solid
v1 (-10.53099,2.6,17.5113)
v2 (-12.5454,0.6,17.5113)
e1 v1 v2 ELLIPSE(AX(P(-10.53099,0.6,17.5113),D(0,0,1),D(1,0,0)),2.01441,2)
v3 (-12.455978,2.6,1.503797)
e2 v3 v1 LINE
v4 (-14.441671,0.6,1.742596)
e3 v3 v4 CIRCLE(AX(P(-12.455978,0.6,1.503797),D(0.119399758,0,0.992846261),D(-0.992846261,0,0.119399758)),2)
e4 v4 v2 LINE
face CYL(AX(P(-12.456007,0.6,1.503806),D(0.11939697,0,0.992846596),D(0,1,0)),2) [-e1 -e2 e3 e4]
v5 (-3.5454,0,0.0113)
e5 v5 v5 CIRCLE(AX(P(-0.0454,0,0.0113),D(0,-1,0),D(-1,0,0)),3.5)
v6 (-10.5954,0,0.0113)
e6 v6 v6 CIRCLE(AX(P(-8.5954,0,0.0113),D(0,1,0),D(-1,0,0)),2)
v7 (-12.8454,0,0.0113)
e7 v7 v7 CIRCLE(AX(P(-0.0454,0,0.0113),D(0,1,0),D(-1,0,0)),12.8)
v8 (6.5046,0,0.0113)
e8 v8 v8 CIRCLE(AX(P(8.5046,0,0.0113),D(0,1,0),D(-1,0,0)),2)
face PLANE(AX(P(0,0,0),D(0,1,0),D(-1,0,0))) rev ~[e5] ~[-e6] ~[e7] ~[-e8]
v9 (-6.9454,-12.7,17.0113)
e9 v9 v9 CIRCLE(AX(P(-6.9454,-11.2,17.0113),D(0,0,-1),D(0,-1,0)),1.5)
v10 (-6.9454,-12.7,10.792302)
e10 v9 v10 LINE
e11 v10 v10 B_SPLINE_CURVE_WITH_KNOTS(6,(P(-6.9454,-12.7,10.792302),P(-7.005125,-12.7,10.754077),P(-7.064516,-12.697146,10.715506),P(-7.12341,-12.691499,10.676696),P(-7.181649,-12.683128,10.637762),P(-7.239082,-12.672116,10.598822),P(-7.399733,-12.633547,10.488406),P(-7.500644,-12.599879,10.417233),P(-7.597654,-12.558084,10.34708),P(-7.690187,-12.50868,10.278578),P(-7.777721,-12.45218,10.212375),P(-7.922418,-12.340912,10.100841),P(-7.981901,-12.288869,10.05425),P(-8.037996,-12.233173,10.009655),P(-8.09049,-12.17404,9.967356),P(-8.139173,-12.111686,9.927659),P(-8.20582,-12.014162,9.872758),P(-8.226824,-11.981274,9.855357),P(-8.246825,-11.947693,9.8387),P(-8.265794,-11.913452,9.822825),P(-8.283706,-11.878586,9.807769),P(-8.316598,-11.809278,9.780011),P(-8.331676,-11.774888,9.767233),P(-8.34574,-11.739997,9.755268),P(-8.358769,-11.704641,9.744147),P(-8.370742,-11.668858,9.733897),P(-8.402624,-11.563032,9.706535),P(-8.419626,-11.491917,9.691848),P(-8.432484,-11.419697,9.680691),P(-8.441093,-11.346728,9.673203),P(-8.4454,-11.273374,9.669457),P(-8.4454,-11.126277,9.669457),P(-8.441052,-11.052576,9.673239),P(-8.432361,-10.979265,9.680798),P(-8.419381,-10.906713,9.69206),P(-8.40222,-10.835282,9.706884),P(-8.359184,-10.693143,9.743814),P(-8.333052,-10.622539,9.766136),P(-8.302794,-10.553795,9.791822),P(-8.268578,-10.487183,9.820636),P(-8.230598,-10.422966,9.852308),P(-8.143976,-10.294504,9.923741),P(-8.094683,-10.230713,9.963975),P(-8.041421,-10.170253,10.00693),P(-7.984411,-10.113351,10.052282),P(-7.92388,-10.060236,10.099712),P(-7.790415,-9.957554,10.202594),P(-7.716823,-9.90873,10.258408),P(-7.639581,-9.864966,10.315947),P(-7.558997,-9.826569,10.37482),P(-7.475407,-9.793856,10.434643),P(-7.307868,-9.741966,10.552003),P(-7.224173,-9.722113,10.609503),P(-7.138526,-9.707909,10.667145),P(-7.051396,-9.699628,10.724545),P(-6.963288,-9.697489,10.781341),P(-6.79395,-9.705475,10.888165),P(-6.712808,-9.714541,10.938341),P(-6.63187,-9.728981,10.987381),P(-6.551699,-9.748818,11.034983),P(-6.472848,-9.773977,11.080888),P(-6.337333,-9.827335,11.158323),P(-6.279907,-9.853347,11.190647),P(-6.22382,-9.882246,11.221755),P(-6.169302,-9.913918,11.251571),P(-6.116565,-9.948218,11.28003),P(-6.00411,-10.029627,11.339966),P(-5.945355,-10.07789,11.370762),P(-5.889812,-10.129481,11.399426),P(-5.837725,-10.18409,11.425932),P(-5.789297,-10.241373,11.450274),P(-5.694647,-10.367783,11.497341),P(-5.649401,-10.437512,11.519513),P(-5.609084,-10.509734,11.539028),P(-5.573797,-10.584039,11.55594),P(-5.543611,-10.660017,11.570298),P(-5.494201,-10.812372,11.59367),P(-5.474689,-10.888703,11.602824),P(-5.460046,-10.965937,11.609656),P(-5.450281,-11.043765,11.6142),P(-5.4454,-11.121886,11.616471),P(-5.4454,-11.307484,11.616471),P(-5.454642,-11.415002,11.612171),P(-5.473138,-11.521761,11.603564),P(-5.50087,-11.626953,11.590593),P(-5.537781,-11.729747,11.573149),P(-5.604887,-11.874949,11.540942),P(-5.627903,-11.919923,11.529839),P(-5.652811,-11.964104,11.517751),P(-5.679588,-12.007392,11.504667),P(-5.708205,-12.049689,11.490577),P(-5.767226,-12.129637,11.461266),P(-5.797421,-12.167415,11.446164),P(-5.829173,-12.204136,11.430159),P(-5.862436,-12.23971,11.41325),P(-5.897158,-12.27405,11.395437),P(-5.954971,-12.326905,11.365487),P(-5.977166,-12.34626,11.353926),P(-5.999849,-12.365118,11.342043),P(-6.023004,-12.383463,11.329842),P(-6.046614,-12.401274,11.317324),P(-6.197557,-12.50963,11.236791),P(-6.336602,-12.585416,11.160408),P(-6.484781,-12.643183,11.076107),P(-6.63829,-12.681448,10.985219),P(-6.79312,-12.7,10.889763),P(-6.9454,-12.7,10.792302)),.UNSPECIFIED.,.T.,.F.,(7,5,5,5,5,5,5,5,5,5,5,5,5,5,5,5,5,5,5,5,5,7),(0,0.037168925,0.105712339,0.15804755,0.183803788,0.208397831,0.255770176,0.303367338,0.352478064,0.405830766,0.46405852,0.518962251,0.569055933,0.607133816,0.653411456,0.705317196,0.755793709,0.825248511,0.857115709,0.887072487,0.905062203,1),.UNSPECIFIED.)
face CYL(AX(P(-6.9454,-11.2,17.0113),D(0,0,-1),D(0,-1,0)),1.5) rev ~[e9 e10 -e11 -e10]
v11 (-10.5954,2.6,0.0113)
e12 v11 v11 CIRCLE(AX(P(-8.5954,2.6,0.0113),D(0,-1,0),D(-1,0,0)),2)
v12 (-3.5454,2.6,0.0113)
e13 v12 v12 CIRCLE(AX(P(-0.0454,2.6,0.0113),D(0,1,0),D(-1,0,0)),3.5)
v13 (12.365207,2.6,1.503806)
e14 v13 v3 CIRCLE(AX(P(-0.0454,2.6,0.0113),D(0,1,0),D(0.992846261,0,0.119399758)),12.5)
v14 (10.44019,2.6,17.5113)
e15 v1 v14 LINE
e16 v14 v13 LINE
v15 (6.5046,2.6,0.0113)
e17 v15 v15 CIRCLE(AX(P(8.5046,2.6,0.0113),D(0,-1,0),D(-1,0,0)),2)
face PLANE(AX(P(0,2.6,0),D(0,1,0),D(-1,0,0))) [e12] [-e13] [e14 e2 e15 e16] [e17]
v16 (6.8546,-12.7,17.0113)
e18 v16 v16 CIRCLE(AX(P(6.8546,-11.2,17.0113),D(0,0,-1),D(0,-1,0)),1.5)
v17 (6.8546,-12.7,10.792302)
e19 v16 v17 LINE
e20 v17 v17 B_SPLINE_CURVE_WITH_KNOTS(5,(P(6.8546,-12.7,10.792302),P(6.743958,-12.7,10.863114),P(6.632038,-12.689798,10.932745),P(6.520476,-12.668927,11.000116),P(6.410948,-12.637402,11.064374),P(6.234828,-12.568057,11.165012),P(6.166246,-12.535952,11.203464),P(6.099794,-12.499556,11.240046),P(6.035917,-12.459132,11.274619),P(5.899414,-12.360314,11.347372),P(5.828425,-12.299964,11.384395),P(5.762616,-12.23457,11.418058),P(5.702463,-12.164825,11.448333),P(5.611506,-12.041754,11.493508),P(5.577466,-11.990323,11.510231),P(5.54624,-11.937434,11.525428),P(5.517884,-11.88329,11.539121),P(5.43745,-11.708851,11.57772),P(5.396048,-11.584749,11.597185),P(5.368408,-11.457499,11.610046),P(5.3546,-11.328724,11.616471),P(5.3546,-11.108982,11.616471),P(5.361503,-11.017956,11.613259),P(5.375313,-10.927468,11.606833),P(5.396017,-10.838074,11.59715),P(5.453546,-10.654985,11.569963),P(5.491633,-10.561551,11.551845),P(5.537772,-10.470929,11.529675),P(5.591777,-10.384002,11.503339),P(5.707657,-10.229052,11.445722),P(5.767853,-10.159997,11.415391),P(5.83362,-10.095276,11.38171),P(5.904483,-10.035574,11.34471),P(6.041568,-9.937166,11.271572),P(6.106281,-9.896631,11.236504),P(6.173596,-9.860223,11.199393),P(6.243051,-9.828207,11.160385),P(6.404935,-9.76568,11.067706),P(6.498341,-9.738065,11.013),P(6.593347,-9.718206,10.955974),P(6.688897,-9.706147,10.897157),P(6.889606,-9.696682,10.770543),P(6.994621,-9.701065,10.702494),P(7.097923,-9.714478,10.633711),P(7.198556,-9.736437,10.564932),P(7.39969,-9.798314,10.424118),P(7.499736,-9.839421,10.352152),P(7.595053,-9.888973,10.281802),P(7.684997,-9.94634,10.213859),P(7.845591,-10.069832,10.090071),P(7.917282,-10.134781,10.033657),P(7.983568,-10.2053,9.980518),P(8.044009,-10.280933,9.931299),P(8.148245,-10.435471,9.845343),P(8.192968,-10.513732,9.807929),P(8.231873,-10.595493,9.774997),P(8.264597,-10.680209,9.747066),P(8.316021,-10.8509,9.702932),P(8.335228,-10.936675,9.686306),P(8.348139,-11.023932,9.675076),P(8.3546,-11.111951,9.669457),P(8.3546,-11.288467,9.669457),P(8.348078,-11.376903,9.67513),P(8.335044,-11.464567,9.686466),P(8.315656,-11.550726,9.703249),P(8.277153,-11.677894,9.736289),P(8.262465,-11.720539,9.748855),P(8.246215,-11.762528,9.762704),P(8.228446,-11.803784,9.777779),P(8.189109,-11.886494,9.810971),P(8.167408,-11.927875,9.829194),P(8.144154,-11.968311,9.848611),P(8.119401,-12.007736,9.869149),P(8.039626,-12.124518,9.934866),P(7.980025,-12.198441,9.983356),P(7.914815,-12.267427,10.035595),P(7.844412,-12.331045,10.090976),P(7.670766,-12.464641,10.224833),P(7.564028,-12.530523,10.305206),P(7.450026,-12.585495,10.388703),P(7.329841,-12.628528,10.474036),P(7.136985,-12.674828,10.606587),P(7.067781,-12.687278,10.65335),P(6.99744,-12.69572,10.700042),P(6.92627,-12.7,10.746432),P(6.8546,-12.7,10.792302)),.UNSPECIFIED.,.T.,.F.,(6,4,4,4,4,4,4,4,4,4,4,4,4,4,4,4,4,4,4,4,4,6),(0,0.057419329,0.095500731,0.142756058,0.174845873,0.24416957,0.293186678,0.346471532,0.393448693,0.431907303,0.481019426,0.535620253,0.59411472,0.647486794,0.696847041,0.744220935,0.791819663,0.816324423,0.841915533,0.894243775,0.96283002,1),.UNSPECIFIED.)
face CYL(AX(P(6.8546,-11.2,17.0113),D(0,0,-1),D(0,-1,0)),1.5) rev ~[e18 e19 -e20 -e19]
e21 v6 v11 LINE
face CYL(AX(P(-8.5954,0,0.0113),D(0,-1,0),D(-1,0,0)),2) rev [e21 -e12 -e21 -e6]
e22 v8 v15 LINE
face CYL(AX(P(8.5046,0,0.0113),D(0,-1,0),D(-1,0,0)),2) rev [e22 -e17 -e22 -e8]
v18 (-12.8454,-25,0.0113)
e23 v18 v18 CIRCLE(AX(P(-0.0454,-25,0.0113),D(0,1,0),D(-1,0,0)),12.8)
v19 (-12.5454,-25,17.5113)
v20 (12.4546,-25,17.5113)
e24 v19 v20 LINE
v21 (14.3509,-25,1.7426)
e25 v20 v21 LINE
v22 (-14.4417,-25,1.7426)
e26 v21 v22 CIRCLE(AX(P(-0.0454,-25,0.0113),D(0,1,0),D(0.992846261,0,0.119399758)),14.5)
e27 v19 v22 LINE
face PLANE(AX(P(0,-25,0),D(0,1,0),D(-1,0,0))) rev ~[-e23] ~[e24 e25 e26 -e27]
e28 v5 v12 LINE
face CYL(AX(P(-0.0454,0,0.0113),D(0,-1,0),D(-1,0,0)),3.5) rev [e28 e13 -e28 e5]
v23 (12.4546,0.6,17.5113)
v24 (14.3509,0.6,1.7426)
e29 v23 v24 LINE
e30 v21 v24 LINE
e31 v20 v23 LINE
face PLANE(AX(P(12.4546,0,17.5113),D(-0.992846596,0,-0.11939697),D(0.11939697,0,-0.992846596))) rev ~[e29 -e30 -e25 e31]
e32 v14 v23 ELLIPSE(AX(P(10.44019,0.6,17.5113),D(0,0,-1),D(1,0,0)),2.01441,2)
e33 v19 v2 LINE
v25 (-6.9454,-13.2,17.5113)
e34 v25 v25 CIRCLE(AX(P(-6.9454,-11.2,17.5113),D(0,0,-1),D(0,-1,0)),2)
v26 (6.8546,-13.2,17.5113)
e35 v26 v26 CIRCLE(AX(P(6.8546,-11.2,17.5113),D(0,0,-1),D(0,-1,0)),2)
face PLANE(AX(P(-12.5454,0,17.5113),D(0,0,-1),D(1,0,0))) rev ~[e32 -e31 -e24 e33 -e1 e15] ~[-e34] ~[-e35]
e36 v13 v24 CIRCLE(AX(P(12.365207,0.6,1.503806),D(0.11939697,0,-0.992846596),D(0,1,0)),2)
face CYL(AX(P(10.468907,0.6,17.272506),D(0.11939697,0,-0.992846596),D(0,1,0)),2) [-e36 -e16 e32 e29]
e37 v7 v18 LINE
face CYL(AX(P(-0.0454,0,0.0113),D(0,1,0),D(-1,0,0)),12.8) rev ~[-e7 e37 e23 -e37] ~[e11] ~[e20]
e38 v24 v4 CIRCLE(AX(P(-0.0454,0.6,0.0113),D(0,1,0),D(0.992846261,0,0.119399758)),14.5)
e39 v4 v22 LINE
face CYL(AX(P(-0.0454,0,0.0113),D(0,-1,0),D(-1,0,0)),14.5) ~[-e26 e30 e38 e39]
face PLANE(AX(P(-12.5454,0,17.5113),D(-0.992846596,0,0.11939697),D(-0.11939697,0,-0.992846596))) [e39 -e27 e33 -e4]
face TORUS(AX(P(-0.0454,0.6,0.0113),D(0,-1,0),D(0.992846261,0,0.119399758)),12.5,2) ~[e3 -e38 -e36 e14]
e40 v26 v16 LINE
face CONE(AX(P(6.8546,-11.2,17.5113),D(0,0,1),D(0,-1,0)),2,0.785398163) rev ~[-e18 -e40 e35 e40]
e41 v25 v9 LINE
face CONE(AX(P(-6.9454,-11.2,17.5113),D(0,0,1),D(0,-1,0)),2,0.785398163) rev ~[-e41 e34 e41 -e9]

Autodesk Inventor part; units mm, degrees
ref_plane "YZ Plane" through (0, 0, 0) normal (1, 0, 0) x (0, 1, 0)
ref_plane "XZ Plane" through (0, 0, 0) normal (0, 1, 0) x (-1, 0, 0)
ref_plane "XY Plane" through (0, 0, 0) normal (0, 0, 1) x (1, 0, 0)
sketch "Sketch1" plane through (0, 0, 0) normal (0, 1, 0) x (-1, 0, 0)
  circle A0 centre (-8.5046, 0.0113) radius 2
  circle A1 centre (0.0454, 0.0113) radius 12.5
  circle A2 centre (-8.5046, 0.0113) radius 1.5
  circle A3 centre (8.5954, 0.0113) radius 2
  circle A4 centre (8.5954, 0.0113) radius 1.5
  circle A5 centre (0.0454, 0.0113) radius 3.5
  line L0 (-12.4546, 0.0113) -> (12.5454, 0.0113)
  line L1 (12.5454, 17.5113) -> (-12.4546, 17.5113)
  circle A6 centre (0.0454, 0.0113) radius 14.5
  line L2 (-12.4546, 17.5113) -> (-14.3509, 1.7426)
  line L3 (12.5454, 17.5113) -> (14.4417, 1.7426)
  circle A7 centre (0.0454, 0.0113) radius 12.8
  point P0 (0, 0)
  dimension "d0" = 17.5
  dimension "d2" = 2
  dimension "d5" = 0.3
extrude "Extrusion1" add sketch "Sketch1" along normal blind 2.6 contours L0 A5 A3 A1 A0 | A0 L0 A1 A3 A5 | L3 A6 L2 L1 | A6 | A7
extrude "Extrusion2" add sketch "Sketch1" against normal blind 25 contours L3 A6 L2 L1 | A6
sketch "Sketch2" plane through (-12.5454, 2.6, 17.5113) normal (0, 0, 1) x (1, 0, 0)
  line L0 (25, -27.6) -> (0, -27.6) construction
  line L1 (25, -27.6) -> (0, 0) construction
  line L2 (0, -27.6) -> (25, 0) construction
  line L3 (27, 0) -> (-2, 0) construction
  line L4 (19.4, -13.8) -> (5.6, -13.8) construction
  point P0 (12.5454, -2.6)
  point P1 (26.8963, 0)
  point P2 (-1.8963, 0)
  point P3 (12.5, -13.8)
  dimension "d8" = 13.8
hole "Hole1" at (6.8546, -11.2, 17.5113) at (-6.9454, -11.2, 17.5113) direction (0, 0, -1) diameter 3 depth 12 tip angle 118 countersink diameter 4 countersink angle 90
fillet "Fillet1" radius 2 3 edges at (-0.0454, 2.6, -14.4887) (-13.4935, 2.6, 9.627) (13.4027, 2.6, 9.627)
properties part number "motor_holder"
